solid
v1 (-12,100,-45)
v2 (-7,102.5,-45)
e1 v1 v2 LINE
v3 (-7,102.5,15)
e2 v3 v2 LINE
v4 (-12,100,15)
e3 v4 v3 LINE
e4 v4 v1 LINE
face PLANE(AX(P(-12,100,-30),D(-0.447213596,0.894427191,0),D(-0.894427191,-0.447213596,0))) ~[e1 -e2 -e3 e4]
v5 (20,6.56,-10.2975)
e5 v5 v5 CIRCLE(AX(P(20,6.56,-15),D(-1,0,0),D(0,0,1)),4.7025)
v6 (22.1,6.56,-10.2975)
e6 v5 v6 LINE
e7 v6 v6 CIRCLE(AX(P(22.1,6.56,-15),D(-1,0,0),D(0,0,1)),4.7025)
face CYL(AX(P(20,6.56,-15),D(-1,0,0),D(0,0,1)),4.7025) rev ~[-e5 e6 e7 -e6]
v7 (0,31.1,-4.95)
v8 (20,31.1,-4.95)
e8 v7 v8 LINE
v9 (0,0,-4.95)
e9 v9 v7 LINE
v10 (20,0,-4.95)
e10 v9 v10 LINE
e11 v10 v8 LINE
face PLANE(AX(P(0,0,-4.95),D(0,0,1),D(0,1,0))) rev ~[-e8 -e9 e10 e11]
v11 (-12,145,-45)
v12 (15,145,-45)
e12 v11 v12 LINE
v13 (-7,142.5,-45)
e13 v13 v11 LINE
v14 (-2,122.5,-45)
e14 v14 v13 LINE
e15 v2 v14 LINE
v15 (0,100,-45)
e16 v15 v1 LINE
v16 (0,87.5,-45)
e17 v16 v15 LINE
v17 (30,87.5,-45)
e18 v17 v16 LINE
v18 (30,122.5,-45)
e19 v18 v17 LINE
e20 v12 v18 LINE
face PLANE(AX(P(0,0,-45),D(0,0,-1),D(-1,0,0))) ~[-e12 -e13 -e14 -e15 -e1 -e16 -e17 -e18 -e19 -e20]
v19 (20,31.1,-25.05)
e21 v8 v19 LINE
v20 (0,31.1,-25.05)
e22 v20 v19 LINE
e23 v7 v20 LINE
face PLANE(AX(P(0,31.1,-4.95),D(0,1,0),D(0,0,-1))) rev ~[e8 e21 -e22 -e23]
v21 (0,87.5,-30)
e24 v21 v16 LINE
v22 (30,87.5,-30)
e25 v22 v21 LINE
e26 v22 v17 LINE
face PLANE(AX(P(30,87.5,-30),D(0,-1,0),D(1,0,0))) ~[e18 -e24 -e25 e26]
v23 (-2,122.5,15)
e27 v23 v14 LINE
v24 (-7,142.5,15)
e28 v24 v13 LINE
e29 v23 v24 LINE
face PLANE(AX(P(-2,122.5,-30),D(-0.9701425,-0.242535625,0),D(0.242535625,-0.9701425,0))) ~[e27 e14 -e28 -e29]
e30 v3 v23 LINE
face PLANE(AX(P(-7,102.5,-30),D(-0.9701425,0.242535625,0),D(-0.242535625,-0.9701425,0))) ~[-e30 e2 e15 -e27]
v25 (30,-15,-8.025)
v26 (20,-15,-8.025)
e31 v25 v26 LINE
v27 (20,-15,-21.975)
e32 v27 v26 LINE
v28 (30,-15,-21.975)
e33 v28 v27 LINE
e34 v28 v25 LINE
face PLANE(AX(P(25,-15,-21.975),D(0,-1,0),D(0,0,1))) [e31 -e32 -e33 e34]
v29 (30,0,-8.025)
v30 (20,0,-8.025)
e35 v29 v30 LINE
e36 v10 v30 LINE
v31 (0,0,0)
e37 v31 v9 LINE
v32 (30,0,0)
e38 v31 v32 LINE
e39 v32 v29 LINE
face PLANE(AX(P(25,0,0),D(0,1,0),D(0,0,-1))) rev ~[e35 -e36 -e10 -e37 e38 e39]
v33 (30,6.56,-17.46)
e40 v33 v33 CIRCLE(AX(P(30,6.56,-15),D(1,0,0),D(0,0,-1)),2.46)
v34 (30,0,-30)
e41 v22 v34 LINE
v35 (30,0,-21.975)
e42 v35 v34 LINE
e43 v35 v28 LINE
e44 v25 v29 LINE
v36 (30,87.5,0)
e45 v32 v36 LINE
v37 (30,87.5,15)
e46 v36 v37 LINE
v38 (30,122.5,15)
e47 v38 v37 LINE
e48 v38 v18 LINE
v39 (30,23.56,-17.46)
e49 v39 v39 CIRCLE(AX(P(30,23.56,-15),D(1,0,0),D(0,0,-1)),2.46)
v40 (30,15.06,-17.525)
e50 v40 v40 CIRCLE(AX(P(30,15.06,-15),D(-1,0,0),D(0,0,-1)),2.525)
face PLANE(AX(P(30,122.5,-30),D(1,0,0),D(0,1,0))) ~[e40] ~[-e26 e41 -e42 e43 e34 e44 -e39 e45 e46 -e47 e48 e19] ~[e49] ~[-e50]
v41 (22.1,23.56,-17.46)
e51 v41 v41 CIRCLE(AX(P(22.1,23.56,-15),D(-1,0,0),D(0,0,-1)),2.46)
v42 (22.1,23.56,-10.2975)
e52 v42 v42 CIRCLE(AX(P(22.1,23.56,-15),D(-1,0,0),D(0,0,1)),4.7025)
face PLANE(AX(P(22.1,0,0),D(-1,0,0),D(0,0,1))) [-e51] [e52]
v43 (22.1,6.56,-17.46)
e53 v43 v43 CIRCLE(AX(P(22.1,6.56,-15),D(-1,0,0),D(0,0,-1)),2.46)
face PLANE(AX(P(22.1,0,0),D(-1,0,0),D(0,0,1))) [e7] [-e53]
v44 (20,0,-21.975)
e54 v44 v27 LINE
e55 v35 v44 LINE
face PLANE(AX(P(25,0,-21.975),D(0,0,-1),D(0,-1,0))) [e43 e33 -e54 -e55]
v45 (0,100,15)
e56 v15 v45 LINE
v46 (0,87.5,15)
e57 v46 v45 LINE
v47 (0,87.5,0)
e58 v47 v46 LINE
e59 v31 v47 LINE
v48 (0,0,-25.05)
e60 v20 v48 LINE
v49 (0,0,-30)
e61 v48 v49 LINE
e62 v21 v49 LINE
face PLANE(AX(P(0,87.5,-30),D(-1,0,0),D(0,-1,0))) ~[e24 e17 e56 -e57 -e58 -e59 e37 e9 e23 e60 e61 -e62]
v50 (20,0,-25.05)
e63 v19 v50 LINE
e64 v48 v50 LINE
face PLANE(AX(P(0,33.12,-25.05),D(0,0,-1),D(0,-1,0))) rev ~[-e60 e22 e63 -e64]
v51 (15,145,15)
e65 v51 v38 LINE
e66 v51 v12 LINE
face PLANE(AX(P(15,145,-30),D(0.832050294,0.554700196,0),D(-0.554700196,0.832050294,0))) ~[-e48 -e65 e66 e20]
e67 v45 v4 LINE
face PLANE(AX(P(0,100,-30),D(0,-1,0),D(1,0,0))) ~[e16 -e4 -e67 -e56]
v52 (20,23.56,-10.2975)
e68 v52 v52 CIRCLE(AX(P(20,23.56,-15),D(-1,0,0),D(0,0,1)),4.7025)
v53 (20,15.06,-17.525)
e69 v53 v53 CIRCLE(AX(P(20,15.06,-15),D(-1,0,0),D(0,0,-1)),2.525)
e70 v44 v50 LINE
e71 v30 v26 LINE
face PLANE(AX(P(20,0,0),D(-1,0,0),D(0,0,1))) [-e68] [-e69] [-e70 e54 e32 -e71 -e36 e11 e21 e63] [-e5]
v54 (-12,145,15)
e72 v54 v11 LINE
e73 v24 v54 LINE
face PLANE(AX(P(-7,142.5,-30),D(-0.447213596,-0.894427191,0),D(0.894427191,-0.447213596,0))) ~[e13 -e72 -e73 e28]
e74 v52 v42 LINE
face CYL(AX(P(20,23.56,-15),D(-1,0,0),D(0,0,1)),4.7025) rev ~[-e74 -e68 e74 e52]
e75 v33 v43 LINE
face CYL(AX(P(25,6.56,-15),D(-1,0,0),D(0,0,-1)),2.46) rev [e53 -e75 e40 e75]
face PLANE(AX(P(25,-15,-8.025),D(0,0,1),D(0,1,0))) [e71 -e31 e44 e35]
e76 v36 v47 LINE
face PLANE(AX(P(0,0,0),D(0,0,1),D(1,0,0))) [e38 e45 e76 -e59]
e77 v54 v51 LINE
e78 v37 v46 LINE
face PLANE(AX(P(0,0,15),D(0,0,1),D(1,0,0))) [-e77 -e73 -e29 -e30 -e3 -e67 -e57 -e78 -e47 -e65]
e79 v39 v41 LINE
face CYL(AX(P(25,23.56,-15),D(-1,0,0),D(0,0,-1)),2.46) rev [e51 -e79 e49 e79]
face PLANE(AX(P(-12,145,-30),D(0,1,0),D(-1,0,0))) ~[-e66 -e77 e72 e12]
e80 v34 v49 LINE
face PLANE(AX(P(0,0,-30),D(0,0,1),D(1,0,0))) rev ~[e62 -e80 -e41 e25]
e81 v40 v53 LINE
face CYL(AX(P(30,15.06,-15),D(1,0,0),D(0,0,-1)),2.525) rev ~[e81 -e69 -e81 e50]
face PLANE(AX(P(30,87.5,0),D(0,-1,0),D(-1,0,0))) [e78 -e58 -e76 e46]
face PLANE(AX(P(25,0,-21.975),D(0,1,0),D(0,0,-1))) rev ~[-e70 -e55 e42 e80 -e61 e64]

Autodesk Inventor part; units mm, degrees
ref_plane "YZ Plane" through (0, 0, 0) normal (1, 0, 0) x (0, 1, 0)
ref_plane "XZ Plane" through (0, 0, 0) normal (0, 1, 0) x (-1, 0, 0)
sketch "Sketch1" plane through (0, 0, 0) normal (0, 0, 1) x (1, 0, 0)
  line L0 (0, 0) -> (25, 0)
  line L1 (25, 0) -> (25, 40)
  line L2 (25, 40) -> (0, 40)
  line L3 (0, 40) -> (0, 0)
  dimension "d1" = 25
  dimension "d2" = 40
  dimension "d3" = 25
extrude "Extrusion1" add sketch "Sketch1" against normal blind 30
sketch "Sketch2" plane through (25, 0, 0) normal (1, 0, 0) x (0, 0, -1)
  line L0 (0, 0) -> (30, 0) projected
  circle A0 centre (15, 6.56) radius 2.46
extrude "Extrusion2" cut sketch "Sketch2" against normal blind 30
sketch "Sketch3" plane through (0, 0, 0) normal (-1, 0, 0) x (0, 0, 1)
  line L0 (0, 0) -> (-30, 0) projected
  line L1 (-25.05, 0) -> (-4.95, 0)
  line L2 (-4.95, 0) -> (-4.95, 33.12)
  line L3 (-4.95, 33.12) -> (-25.05, 33.12)
  line L4 (-25.05, 33.12) -> (-25.05, 0)
  dimension "d11" = 20.1
extrude "Extrusion3" cut sketch "Sketch3" against normal blind 20
sketch "Sketch4" plane through (0, 0, 0) normal (0, -1, 0) x (1, 0, 0)
  line L0 (20, -4.95) -> (20, -25.05) projected
  line L1 (20, -15) -> (25, -15)
  line L2 (25, 0) -> (25, -30) projected
  line L3 (20, -8.025) -> (25, -8.025)
  line L4 (25, -8.025) -> (25, -21.975)
  line L5 (25, -21.975) -> (20, -21.975)
  line L6 (20, -21.975) -> (20, -8.025)
  line L7 (20, -8.025) -> (25, -21.975) construction
  line L8 (25, -8.025) -> (20, -21.975) construction
  line L9 (25, -12.54) -> (25, -17.46) projected
  point P0 (0, 0)
  point P1 (22.5, -15)
  dimension "d14" = 13.95
extrude "Extrusion4" add sketch "Sketch4" along normal blind 15
sketch "Sketch5" plane through (20, 0, 0) normal (-1, 0, 0) x (0, 0, 1)
  circle A0 centre (-15, 6.56) radius 2.46 projected
  circle A1 centre (-15, 6.56) radius 4.7025
  circle A2 centre (-15, 6.56) radius 2.46 projected
  circle A3 centre (-15, 6.56) radius 2.46
  point P0 (0, 0)
  dimension "d17" = 9.405
extrude "Extrusion5" cut sketch "Sketch5" against normal blind 2.1
sketch "Sketch6" plane through (25, 0, 0) normal (1, 0, 0) x (0, 0, -1)
  circle A0 centre (15, 6.56) radius 4.7025 projected
  line L0 (15, 6.56) -> (15, 23.56)
  circle A1 centre (15, 23.56) radius 2.46
  point P0 (0, 0)
  dimension "d20" = 17
  dimension "d21" = 4.92
extrude "Extrusion6" cut sketch "Sketch6" against normal blind 10 contours A1
sketch "Sketch7" plane through (20, 0, 0) normal (-1, 0, 0) x (0, 0, 1)
  circle A0 centre (-15, 23.56) radius 2.46 projected
  circle A1 centre (-15, 23.56) radius 4.7025
  point P0 (0, 0)
  dimension "d24" = 9.405
extrude "Extrusion7" cut sketch "Sketch7" against normal blind 2.1
sketch "Sketch9" plane through (25, 0, 0) normal (1, 0, 0) x (0, 0, -1)
  circle A0 centre (15, 6.56) radius 2.46 projected
  circle A1 centre (15, 6.56) radius 2.46
  circle A2 centre (15, 23.56) radius 2.46 projected
  circle A3 centre (15, 23.56) radius 2.46
  line L0 (30, 40) -> (30, 0) projected
  line L1 (30, 0) -> (30, 40)
  line L2 (30, 40) -> (0, 40)
  line L3 (0, 40) -> (0, 0)
  line L4 (0, 0) -> (8.025, 0) projected
  line L5 (21.975, 0) -> (21.975, -15)
  line L6 (21.975, -15) -> (8.025, -15)
  line L7 (8.025, -15) -> (8.025, 0)
  line L8 (0, 0) -> (8.025, 0)
  line L9 (21.975, 0) -> (30, 0)
extrude "Extrusion8" add sketch "Sketch9" along normal blind 5
sketch "Sketch10" plane through (0, 40, 0) normal (0, 1, 0) x (1, 0, 0)
  line L0 (0, 30) -> (30, 30) projected
  line L1 (30, 0) -> (0, 0) projected
  line L2 (0, 30) -> (30, 30)
  line L3 (30, 30) -> (30, 0)
  line L4 (30, 0) -> (0, 0)
  line L5 (0, 0) -> (0, 30)
extrude "Extrusion9" add sketch "Sketch10" along normal blind 30
sketch "Sketch12" plane through (30, 0, 0) normal (1, 0, 0) x (0, 0, -1)
  circle A0 centre (15, 6.56) radius 2.46 projected
  line L0 (15, 6.56) -> (15, 15.06)
  circle A1 centre (15, 15.06) radius 2.525
  point P0 (0, 0)
  dimension "d31" = 8.5
  dimension "d33" = 5.05
extrude "Extrusion10" cut sketch "Sketch12" against normal blind 30 contours A1
sketch "Sketch14" plane through (0, 0, 0) normal (0, 0, 1) x (1, 0, 0)
  line L0 (30, 70) -> (0, 70) projected
  line L1 (0, 70) -> (0, 100)
  line L2 (30, 0) -> (30, 70) projected
  line L3 (30, 122.5) -> (30, 70)
  line L4 (30, 105) -> (30, 100)
  line L5 (-12, 145) -> (15, 145)
  line L6 (-7, 142.5) -> (-12, 145)
  line L7 (-7, 102.5) -> (-12, 100)
  line L8 (-7, 102.5) -> (-2, 122.5)
  line L9 (-2, 122.5) -> (-7, 142.5)
  line L10 (30, 122.5) -> (15, 145)
  line L11 (0, 100) -> (-12, 100)
  point P0 (0, 0)
  dimension "d86" = 12
extrude "Extrusion12" add sketch "Sketch14" against normal blind 30
sketch "Sketch15" plane through (0, 0, -25.05) normal (-1, 0, 0) x (0, 0, 1)
  line L0 (0, 33.12) -> (20.1, 33.12) projected
  line L1 (20.1, 33.12) -> (20.1, 0) projected
  line L2 (0, 33.12) -> (20.1, 33.12)
  line L3 (20.1, 33.12) -> (20.1, 31.1)
  line L4 (20.1, 31.1) -> (0, 31.1)
  line L5 (0, 31.1) -> (0, 33.12)
  point P0 (25.05, 0)
  dimension "d57" = 2.02
extrude "Extrusion13" add sketch "Sketch15" against normal blind 20
sketch "Sketch24" plane through (0, 0, 0) normal (0, 0, 1) x (1, 0, 0)
  line L0 (0, 100) -> (-12, 100) projected
  line L1 (-12, 100) -> (-7, 102.5) projected
  line L2 (0, 100) -> (-12, 100)
  line L3 (-12, 100) -> (-7, 102.5)
  line L4 (-7, 102.5) -> (-2, 122.5) projected
  line L5 (-7, 102.5) -> (-2, 122.5)
  line L6 (-2, 122.5) -> (-7, 142.5) projected
  line L7 (-2, 122.5) -> (-7, 142.5)
  line L8 (-7, 142.5) -> (-12, 145) projected
  line L9 (-7, 142.5) -> (-12, 145)
  line L10 (-12, 145) -> (15, 145) projected
  line L11 (-12, 145) -> (15, 145)
  line L12 (15, 145) -> (30, 122.5) projected
  line L13 (15, 145) -> (30, 122.5)
  line L14 (30, 122.5) -> (30, 87.5)
  line L15 (30, 87.5) -> (0, 87.5)
  line L16 (0, 87.5) -> (0, 100)
  point P0 (0, 0)
  dimension "d87" = 35
  dimension "d88" = 30
extrude "Extrusion14" add sketch "Sketch24" along normal blind 15
ref_plane "Work Plane1" through (0, 0, -15) normal (0, 0, 1) x (1, 0, 0)
mirror "Mirror1" about plane through (0, 0, -15) normal (0, 0, 1) of "Extrusion14"
properties part number "rec_b_40mm_x_60mm"
